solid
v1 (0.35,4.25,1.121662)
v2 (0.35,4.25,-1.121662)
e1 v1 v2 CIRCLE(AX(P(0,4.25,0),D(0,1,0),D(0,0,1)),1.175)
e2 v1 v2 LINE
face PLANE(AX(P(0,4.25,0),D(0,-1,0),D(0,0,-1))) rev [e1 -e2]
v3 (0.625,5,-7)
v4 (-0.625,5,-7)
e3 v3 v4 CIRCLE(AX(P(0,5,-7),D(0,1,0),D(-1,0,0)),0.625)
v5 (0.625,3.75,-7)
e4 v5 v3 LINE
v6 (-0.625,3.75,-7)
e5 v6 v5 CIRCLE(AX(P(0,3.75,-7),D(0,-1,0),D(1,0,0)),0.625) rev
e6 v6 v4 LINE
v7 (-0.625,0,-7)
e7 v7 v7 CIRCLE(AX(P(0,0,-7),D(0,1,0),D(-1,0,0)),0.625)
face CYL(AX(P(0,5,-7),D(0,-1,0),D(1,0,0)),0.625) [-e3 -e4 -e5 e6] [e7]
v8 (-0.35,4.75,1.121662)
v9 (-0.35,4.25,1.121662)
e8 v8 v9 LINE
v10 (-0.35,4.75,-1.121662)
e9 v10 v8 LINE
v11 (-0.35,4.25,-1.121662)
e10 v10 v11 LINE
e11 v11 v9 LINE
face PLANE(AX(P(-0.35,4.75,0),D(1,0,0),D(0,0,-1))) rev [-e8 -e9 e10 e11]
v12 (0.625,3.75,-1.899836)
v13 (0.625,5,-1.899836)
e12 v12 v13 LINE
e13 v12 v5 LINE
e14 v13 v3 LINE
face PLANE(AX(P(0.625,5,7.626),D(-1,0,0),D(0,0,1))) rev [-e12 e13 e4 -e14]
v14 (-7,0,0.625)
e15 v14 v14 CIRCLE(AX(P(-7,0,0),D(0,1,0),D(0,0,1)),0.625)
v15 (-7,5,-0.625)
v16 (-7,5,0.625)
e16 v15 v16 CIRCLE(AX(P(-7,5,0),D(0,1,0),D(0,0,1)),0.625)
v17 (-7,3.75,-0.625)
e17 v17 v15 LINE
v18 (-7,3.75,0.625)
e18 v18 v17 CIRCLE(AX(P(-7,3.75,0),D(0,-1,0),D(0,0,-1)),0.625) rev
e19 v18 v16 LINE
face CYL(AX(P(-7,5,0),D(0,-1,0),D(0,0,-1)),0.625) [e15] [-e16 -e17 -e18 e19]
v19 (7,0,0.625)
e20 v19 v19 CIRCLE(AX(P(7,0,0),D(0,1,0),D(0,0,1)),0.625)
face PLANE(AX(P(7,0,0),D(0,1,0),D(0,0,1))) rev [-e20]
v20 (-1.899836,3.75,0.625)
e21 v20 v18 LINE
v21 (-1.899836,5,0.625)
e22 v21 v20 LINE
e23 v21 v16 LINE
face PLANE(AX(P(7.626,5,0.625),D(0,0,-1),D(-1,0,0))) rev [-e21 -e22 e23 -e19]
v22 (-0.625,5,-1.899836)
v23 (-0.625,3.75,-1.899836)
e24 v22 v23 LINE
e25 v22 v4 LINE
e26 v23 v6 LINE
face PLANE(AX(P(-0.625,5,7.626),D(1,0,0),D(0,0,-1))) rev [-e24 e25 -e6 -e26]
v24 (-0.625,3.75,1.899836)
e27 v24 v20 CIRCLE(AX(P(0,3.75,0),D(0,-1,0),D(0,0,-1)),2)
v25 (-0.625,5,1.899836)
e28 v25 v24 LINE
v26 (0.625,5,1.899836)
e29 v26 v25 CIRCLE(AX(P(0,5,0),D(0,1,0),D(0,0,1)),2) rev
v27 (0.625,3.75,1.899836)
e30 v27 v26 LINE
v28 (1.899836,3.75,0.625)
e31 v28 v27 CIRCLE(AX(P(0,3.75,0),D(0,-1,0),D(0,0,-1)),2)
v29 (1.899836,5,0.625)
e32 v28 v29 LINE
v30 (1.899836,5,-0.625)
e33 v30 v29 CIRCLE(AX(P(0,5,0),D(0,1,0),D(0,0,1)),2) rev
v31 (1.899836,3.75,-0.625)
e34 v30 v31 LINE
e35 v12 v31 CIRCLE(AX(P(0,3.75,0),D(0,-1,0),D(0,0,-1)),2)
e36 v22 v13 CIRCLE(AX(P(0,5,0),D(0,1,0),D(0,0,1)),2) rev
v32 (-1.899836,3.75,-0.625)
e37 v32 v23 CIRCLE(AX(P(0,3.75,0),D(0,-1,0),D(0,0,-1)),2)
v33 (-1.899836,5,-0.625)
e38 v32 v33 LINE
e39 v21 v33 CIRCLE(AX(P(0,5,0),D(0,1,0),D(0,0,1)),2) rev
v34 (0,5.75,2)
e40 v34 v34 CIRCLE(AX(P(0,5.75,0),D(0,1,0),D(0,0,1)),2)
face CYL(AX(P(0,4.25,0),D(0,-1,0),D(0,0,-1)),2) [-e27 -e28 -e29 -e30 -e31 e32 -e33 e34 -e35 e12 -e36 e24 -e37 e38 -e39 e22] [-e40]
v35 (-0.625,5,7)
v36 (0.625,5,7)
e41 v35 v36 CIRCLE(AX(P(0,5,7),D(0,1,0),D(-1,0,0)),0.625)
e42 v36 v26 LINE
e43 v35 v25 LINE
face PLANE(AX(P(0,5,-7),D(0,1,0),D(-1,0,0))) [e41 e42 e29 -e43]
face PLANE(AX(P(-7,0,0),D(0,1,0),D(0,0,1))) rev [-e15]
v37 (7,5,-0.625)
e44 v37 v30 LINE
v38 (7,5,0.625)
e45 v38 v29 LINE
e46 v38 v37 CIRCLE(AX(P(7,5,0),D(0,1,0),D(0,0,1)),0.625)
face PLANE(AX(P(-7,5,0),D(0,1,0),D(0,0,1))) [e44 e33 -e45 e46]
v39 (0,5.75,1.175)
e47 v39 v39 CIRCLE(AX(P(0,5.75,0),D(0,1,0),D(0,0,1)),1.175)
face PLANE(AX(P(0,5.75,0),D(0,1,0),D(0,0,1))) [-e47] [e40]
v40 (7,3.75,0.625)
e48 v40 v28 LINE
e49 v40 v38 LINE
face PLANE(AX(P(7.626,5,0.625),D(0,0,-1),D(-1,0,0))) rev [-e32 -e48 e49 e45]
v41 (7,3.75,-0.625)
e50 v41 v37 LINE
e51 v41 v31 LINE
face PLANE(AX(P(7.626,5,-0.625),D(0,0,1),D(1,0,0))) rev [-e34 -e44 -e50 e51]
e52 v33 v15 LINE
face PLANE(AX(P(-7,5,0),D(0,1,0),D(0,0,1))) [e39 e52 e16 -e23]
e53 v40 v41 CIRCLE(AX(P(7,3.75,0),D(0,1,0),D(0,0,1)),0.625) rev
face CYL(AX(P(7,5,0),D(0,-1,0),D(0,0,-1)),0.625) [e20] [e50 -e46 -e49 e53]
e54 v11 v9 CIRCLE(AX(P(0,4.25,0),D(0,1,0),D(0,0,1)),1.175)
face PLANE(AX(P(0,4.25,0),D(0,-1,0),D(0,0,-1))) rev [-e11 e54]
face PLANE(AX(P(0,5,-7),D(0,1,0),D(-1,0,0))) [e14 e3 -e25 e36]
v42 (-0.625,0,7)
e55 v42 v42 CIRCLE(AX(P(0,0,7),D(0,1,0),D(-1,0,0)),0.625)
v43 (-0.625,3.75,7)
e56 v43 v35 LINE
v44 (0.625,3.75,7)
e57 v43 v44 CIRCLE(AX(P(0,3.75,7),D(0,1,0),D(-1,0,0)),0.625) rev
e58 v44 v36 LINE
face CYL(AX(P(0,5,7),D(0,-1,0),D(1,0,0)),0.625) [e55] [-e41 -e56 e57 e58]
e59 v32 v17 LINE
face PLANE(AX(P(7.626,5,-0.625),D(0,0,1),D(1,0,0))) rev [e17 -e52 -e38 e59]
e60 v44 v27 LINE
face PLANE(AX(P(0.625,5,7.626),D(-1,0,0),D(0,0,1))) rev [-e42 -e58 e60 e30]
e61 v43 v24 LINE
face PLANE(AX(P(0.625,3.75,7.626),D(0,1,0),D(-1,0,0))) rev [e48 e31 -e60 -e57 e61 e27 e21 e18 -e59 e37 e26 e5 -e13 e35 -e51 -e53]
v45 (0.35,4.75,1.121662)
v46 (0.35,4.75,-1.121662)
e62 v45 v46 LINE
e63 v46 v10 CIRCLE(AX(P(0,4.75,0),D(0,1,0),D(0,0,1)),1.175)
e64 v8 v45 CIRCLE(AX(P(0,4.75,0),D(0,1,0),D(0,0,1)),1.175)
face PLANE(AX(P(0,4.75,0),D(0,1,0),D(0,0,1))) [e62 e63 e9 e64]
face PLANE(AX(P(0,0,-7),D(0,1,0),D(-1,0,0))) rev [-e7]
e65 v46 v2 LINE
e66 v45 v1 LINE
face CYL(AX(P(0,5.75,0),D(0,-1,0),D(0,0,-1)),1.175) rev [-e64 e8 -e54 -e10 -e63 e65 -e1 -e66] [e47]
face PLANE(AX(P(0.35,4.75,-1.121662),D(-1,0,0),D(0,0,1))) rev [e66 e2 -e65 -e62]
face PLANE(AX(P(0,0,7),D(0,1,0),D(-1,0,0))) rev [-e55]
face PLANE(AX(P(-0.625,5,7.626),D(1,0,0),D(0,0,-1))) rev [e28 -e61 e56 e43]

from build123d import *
from build123d.topology import SkipClean

# Parameters (mm, degrees)
SKETCH1_R                            = 0.625
BOSS_EXTRUDE1_DEPTH                  = 5
BOSS_EXTRUDE1_2_DEPTH                = 5
BOSS_EXTRUDE2_REACH                  = 11.14
BOSS_EXTRUDE2_END_RADIUS             = 0.625
SKETCH2_W                            = 1.25
SKETCH2_H                            = 1.25
BOSS_EXTRUDE2_DIRECTION_2_REACH      = 11.14
BOSS_EXTRUDE2_DIRECTION_2_END_RADIUS = 0.625
CIRPATTERN4_COUNT                    = 2
CIRPATTERN4_ANGLE                    = 90
SKETCH7_R                            = 1.5
CUT_EXTRUDE1_DEPTH                   = 1.25
SKETCH8_R                            = 2
BOSS_EXTRUDE4_DEPTH                  = 0.5
SKETCH9_R                            = 2
SKETCH9_R_2                          = 1.175
BOSS_EXTRUDE5_DEPTH                  = 1.5
BOSS_EXTRUDE6_DEPTH                  = 0.5


with BuildPart() as part:
    # Sketch1 → Boss-Extrude1 (new body)
    with BuildSketch(Plane(origin=(0, 0, 0), x_dir=(1, 0, 0), z_dir=(0, 1, 0))):
        with Locations(Location((-7, 0, 0), (0, 0, 270))):
            Circle(SKETCH1_R)
    extrude(amount=BOSS_EXTRUDE1_DEPTH)



with BuildPart() as body_2:
    # Sketch1 → Boss-Extrude1 2 (new body)
    with BuildSketch(Plane(origin=(0, 0, 0), x_dir=(1, 0, 0), z_dir=(0, 1, 0))):
        with Locations(Location((7, 0, 0), (0, 0, 270))):
            Circle(SKETCH1_R)
    extrude(amount=BOSS_EXTRUDE1_2_DEPTH)


with BuildPart() as part_1:
    add(part.part)

    add(body_2.part)  # Boss-Extrude2 merges body 2
    # Boss-Extrude2: up to this cylinder (the profile starts outside it)
    boss_extrude2_end = Plane(origin=(7, 4.375, 0), z_dir=(0, -1, 0)) * Cylinder(BOSS_EXTRUDE2_END_RADIUS, 24.53, mode=Mode.PRIVATE)
    # Sketch2 → Boss-Extrude2 (add, up to the surface)
    with BuildSketch(Plane(origin=(0, 0, 0), x_dir=(0, 0, -1), z_dir=(1, 0, 0)), mode=Mode.PRIVATE) as boss_extrude2_sk1:
        with Locations((0, 4.375)):
            Rectangle(SKETCH2_W, SKETCH2_H)
    boss_extrude2_tool1 = extrude(boss_extrude2_sk1.sketch, amount=BOSS_EXTRUDE2_REACH, mode=Mode.PRIVATE) - boss_extrude2_end
    add(boss_extrude2_tool1.solids().sort_by_distance((0, 4.375, 0))[0])

    # Boss-Extrude2 direction 2: up to this cylinder (the profile starts outside it)
    boss_extrude2_direction_2_end = Plane(origin=(-7, 4.375, 0), z_dir=(0, -1, 0)) * Cylinder(BOSS_EXTRUDE2_DIRECTION_2_END_RADIUS, 24.53, mode=Mode.PRIVATE)
    # Sketch2 → Boss-Extrude2 direction 2 (add, up to the surface)
    with BuildSketch(Plane(origin=(0, 0, 0), x_dir=(0, 0, -1), z_dir=(1, 0, 0)), mode=Mode.PRIVATE) as boss_extrude2_direction_2_sk1:
        with Locations((0, 4.375)):
            Rectangle(SKETCH2_W, SKETCH2_H)
    boss_extrude2_direction_2_tool1 = extrude(boss_extrude2_direction_2_sk1.sketch, amount=-BOSS_EXTRUDE2_DIRECTION_2_REACH, mode=Mode.PRIVATE) - boss_extrude2_direction_2_end
    add(boss_extrude2_direction_2_tool1.solids().sort_by_distance((0, 4.375, 0))[0])


with BuildPart() as cirpattern4_1:
    # CirPattern4: pattern copy
    add(part_1.part.rotate(Axis((0, 0, 0), (0, -1, 0)), 1 * CIRPATTERN4_ANGLE / (CIRPATTERN4_COUNT - 1)))


with BuildPart() as cut_extrude1_tool:
    # Sketch7 → Cut-Extrude1 (new body)
    with BuildSketch(Plane(origin=(0, 5, 0), x_dir=(1, 0, 0), z_dir=(0, 1, 0))):
        Circle(SKETCH7_R)
    extrude(amount=-CUT_EXTRUDE1_DEPTH)


with BuildPart() as part_2:
    add(part_1.part)

    # Cut-Extrude1: cut by cut_extrude1_tool
    add(cut_extrude1_tool.part, mode=Mode.SUBTRACT)


with BuildPart() as cirpattern4_1_1:
    add(cirpattern4_1.part)

    # Cut-Extrude1: cut by cut_extrude1_tool
    add(cut_extrude1_tool.part, mode=Mode.SUBTRACT)


with BuildPart() as cut_extrude1_piece_1:
    # of the separate pieces the step leaves, piece 1, a body of its own (cut_extrude1_pieces)
    add(part_2.part.solids().sort_by_distance((1.363589014, 5, -0.625))[0])



with BuildPart() as cut_extrude1_piece_2:
    # of the separate pieces the step leaves, piece 2, a body of its own (cut_extrude1_pieces)
    add(part_2.part.solids().sort_by_distance((-7, 5, -0.625))[0])


with BuildPart() as cut_extrude1_piece_1_of_cirpattern4_1:
    # of the separate pieces the step leaves, piece 1, a body of its own (cut_extrude1_pieces_of_cirpattern4_1)
    add(cirpattern4_1_1.part.solids().sort_by_distance((-0.625, 5, 1.363589014))[0])


with BuildPart() as cut_extrude1_piece_2_of_cirpattern4_1:
    # of the separate pieces the step leaves, piece 2, a body of its own (cut_extrude1_pieces_of_cirpattern4_1)
    add(cirpattern4_1_1.part.solids().sort_by_distance((0.625, 5, -7))[0])


with BuildPart() as cut_extrude1_piece_1_1:
    add(cut_extrude1_piece_1.part)

    add(cut_extrude1_piece_2.part)  # Boss-Extrude4 merges Cut-Extrude1 piece 2

    add(cut_extrude1_piece_1_of_cirpattern4_1.part)  # Boss-Extrude4 merges Cut-Extrude1 piece 1 of CirPattern4_1

    add(cut_extrude1_piece_2_of_cirpattern4_1.part)  # Boss-Extrude4 merges Cut-Extrude1 piece 2 of CirPattern4_1
    # Sketch8 → Boss-Extrude4 (add)
    with BuildSketch(Plane.XZ.offset(-3.75)):
        Circle(SKETCH8_R)
    extrude(amount=-BOSS_EXTRUDE4_DEPTH)

    # Sketch9 → Boss-Extrude5 (add)
    with SkipClean():  # the faces are left unmerged after this step: merging them gives an invalid solid
        with BuildSketch(Plane(origin=(0, 4.25, 0), x_dir=(1, 0, 0), z_dir=(0, 1, 0))):
            with Locations(Location((0, 0, 0), (0, 0, 108.209956864))):
                Circle(SKETCH9_R)
            with Locations(Location((0, 0, 0), (0, 0, 270))):
                Circle(SKETCH9_R_2, mode=Mode.SUBTRACT)
        extrude(amount=BOSS_EXTRUDE5_DEPTH)

    # Sketch11 → Boss-Extrude6 (add)
    with SkipClean():  # the faces are left unmerged after this step: merging them gives an invalid solid
        with BuildSketch(Plane(origin=(0, 4.25, 0), x_dir=(1, 0, 0), z_dir=(0, 1, 0))):
            with BuildLine():
                Line((-0.35, 0), (-0.35, 1.121661714))
                ThreePointArc((-0.35, 1.121661714), (0, 1.175), (0.35, 1.121661714))
                Line((0.35, 1.121661714), (0.35, -1.121661714))
                ThreePointArc((0.35, -1.121661714), (0, -1.175), (-0.35, -1.121661714))
                Line((-0.35, -1.121661714), (-0.35, 0))
            make_face()
        extrude(amount=BOSS_EXTRUDE6_DEPTH)


solid = cut_extrude1_piece_1_1.part
